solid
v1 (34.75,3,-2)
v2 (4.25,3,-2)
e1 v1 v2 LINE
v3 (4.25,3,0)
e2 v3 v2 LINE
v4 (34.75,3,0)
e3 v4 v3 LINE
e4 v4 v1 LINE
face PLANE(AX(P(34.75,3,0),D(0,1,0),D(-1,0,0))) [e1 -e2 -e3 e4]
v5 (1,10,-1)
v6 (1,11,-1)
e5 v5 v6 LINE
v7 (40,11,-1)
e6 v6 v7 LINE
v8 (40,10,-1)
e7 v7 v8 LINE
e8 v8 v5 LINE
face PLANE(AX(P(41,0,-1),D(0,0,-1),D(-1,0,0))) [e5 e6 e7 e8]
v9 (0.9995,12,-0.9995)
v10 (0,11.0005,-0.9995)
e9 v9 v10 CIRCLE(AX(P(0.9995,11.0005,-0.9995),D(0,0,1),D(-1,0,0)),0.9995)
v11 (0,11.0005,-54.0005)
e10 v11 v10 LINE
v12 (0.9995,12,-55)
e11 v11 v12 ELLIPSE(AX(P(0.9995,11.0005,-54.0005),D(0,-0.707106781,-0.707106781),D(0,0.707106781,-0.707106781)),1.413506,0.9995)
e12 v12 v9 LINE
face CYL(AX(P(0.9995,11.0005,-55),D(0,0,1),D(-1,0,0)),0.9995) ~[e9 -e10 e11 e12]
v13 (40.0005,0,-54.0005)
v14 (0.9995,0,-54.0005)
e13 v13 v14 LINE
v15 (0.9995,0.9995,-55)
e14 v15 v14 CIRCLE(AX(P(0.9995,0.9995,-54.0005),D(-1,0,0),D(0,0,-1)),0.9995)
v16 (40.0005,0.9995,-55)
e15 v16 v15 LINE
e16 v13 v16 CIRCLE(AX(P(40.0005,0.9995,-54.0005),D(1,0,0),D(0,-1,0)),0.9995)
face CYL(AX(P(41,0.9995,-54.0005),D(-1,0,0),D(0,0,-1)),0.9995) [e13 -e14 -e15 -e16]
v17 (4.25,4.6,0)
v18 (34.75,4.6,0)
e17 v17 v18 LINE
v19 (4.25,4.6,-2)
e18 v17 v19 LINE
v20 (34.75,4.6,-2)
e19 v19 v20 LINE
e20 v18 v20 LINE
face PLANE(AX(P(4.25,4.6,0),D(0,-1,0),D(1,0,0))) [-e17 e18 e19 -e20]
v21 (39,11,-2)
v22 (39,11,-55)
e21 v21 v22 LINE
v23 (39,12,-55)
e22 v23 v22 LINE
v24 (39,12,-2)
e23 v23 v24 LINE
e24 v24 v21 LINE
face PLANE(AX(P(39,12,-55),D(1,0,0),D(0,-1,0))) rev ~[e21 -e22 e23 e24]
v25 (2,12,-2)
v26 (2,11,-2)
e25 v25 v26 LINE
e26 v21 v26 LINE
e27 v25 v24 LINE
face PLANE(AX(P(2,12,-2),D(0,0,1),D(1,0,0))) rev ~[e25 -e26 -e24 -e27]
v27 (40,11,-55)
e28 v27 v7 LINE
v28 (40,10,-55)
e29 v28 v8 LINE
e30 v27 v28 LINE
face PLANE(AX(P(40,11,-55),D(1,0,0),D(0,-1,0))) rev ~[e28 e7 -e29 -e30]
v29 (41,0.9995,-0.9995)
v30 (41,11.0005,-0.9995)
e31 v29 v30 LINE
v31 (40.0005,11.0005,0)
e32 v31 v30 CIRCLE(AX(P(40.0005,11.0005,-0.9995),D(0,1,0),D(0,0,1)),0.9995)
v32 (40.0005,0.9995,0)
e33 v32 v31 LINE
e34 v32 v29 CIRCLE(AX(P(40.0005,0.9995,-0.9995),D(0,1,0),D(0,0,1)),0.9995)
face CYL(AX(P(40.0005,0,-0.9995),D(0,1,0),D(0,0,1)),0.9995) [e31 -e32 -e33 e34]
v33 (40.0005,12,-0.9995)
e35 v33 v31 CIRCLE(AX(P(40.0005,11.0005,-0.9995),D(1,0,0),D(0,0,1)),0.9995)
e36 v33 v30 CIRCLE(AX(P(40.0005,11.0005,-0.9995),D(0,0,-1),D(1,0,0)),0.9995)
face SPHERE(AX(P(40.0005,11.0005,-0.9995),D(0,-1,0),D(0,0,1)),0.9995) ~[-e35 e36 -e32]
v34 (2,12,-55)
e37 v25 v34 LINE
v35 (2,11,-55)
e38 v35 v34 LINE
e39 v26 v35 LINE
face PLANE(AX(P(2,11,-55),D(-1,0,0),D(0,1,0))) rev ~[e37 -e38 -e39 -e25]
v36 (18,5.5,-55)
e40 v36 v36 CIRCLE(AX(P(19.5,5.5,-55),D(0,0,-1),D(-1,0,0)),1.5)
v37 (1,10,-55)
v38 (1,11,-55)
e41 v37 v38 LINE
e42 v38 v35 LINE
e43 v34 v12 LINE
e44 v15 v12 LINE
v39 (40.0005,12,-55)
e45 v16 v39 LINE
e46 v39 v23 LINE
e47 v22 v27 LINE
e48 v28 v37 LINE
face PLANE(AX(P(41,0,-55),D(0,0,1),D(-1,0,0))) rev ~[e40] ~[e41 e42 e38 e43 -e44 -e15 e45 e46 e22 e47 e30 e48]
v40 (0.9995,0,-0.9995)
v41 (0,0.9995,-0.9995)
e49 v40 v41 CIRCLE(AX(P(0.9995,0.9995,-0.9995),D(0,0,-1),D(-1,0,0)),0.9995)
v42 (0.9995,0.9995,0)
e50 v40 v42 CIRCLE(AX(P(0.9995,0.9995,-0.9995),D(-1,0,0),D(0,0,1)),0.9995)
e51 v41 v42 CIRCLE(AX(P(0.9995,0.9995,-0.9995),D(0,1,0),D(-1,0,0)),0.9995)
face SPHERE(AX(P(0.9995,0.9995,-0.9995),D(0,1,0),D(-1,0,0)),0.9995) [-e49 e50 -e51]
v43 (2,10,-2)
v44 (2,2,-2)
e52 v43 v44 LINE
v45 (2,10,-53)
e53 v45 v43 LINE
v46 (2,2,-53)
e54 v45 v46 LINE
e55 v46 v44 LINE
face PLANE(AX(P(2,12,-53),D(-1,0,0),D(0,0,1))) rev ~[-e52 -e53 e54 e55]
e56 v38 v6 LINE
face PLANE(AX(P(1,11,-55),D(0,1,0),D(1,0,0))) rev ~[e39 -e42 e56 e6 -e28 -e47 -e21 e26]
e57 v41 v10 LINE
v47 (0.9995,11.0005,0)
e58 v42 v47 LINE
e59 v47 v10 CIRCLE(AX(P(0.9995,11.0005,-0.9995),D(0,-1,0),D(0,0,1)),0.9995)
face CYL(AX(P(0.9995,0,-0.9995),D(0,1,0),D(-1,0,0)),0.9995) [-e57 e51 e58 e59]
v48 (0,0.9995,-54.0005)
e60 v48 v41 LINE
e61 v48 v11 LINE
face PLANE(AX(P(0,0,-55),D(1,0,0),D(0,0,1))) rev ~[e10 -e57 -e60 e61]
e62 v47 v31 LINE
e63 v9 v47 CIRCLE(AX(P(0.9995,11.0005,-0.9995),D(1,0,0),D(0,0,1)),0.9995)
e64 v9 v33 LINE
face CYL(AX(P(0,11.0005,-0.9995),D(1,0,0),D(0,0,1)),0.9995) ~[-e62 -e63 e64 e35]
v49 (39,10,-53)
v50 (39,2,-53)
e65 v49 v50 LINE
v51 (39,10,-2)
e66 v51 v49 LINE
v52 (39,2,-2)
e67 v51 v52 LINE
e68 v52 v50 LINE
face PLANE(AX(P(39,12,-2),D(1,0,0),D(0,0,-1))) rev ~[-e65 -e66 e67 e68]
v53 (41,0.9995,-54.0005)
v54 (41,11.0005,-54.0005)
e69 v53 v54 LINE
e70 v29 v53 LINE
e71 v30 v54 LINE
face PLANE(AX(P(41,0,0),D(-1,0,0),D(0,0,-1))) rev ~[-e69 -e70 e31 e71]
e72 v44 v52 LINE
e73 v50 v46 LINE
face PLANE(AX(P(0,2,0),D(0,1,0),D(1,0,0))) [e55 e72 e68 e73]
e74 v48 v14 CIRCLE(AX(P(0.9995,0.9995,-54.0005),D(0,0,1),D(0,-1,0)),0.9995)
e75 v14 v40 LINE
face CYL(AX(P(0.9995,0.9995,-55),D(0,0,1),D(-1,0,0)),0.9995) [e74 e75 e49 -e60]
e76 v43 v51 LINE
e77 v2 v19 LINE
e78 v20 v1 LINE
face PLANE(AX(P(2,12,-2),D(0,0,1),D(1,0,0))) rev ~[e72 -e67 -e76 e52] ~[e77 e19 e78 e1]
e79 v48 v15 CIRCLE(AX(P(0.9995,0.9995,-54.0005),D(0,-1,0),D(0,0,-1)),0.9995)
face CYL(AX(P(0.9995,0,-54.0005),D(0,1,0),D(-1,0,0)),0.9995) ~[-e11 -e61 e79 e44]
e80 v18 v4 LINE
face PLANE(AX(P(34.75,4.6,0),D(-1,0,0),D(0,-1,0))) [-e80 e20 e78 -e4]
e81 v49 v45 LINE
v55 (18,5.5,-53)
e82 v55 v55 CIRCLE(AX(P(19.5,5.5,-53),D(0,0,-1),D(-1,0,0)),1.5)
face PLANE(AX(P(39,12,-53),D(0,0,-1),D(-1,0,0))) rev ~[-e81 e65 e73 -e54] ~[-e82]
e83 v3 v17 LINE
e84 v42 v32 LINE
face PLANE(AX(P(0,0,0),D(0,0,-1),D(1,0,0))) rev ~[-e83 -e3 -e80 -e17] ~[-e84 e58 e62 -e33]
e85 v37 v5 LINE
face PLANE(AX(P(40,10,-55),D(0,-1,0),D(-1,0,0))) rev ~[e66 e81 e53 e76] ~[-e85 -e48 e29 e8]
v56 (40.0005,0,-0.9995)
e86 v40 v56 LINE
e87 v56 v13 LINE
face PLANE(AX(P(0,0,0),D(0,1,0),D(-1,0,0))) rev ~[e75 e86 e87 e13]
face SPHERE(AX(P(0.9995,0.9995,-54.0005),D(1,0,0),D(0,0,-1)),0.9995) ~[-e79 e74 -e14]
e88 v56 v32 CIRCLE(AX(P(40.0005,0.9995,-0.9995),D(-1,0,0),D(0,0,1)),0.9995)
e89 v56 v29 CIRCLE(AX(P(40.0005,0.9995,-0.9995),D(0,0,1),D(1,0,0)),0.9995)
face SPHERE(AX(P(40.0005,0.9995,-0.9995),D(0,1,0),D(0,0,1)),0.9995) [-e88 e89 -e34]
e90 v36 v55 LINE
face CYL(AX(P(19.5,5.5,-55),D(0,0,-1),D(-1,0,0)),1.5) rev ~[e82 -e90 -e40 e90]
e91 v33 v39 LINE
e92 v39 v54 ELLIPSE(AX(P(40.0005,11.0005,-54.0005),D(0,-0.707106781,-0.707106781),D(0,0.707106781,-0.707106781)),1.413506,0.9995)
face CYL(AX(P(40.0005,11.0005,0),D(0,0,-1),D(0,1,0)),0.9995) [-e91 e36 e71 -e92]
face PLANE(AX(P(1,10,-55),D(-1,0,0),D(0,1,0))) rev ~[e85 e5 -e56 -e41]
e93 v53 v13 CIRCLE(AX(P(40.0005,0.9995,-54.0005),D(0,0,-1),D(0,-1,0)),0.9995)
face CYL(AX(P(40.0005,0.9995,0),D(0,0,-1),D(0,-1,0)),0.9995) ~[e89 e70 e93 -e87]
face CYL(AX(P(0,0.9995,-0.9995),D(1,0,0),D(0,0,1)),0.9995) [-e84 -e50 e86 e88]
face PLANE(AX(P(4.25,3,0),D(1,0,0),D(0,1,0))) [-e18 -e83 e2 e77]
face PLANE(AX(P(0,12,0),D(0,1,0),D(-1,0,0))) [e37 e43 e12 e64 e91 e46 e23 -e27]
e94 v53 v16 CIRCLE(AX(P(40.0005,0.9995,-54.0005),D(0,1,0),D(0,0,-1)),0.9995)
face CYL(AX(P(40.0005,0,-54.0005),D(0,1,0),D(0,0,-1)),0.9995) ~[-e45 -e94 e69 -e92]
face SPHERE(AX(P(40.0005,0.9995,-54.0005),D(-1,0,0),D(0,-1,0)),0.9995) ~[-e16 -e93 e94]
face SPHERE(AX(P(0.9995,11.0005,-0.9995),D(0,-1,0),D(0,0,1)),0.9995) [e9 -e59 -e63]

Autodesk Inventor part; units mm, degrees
ref_plane "YZ Plane" through (0, 0, 0) normal (1, 0, 0) x (0, 1, 0)
ref_plane "XZ Plane" through (0, 0, 0) normal (0, 1, 0) x (-1, 0, 0)
ref_plane "XY Plane" through (0, 0, 0) normal (0, 0, 1) x (1, 0, 0)
sketch "スケッチ1" plane through (0, 0, 0) normal (0, 1, 0) x (-1, 0, 0)
  line L0 (0, 0) -> (-41, 0)
  line L1 (-41, 0) -> (-41, -55)
  line L2 (-41, -55) -> (0, -55)
  line L3 (0, -55) -> (0, 0)
  dimension "d0" = 41
  dimension "d1" = 55
extrude "押し出し1" add sketch "スケッチ1" along normal blind 12
sketch "スケッチ3" plane through (0, 12, 0) normal (0, 1, 0) x (1, 0, 0)
  line L0 (2, 2) -> (39, 2)
  line L1 (39, 2) -> (39, 53)
  line L2 (39, 53) -> (2, 53)
  line L3 (2, 53) -> (2, 2)
  line L4 (0, 55) -> (0, 0) projected
  line L5 (0, 0) -> (41, 0) projected
  dimension "d4" = 37
  dimension "d5" = 51
  dimension "d6" = 2
  dimension "d7" = 2
extrude "押し出し2" cut sketch "スケッチ3" against normal blind 10
sketch "スケッチ4" plane through (0, 0, 0) normal (0, 0, 1) x (1, 0, 0)
  line L0 (4.25, 4.6) -> (34.75, 4.6)
  line L1 (34.75, 4.6) -> (34.75, 3)
  line L2 (34.75, 3) -> (4.25, 3)
  line L3 (4.25, 3) -> (4.25, 4.6)
  line L4 (0, 0) -> (41, 0) projected
  line L5 (0, 0) -> (0, 12) projected
  point P0 (4.25, 3.8)
  point P1 (19.5, 4.6)
  dimension "d10" = 30.5
  dimension "d11" = 1.6
  dimension "d12" = 3
  dimension "d14" = 19.5
extrude "押し出し3" cut sketch "スケッチ4" against normal blind 10
sketch "スケッチ5" plane through (41, 0, -55) normal (0, 0, -1) x (-1, 0, 0)
  circle A0 centre (21.5, 5.5) radius 1.5
  line L0 (41, 0) -> (41, 12) projected
  line L1 (0, 12) -> (41, 12) projected
  dimension "d17" = 3
  dimension "d18" = 19.5
  dimension "d19" = 6.5
extrude "押し出し4" cut sketch "スケッチ5" against normal blind 10
sketch "スケッチ7" plane through (41, 0, -55) normal (0, 0, -1) x (-1, 0, 0)
  line L0 (40, 11) -> (1, 11)
  line L1 (1, 11) -> (1, 10)
  line L2 (1, 10) -> (40, 10)
  line L3 (40, 10) -> (40, 11)
  line L4 (41, 0) -> (41, 12) projected
  line L5 (0, 12) -> (41, 12) projected
  point P0 (20.5, 10)
  dimension "d22" = 39
  dimension "d23" = 1
  dimension "d24" = 20.5
  dimension "d25" = 1
extrude "押し出し5" cut sketch "スケッチ7" against normal blind 54
sketch "スケッチ8" plane through (41, 0, -55) normal (0, 0, -1) x (-1, 0, 0)
  line L0 (39, 12) -> (2, 12)
  line L1 (2, 12) -> (2, 11)
  line L2 (2, 11) -> (39, 11)
  line L3 (39, 11) -> (39, 12)
  line L4 (41, 0) -> (41, 12) projected
  line L5 (0, 12) -> (41, 12) projected
  point P0 (20.5, 12)
  dimension "d28" = 37
  dimension "d29" = 1
  dimension "d30" = 20.5
  dimension "d31" = 0
extrude "押し出し6" cut sketch "スケッチ8" against normal blind 2
fillet "フィレット1" radius 1 11 edges at (0, 6, 0) (41, 6, 0) (20.5, 12, 0) (41, 12, -27.5) (20.5, 0, -55) (0, 6, -55) (0, 0, -27.5) (20.5, 0, 0) (41, 0, -27.5) (41, 6, -55) (0, 12, -27.5)
properties part number "case_basic"
